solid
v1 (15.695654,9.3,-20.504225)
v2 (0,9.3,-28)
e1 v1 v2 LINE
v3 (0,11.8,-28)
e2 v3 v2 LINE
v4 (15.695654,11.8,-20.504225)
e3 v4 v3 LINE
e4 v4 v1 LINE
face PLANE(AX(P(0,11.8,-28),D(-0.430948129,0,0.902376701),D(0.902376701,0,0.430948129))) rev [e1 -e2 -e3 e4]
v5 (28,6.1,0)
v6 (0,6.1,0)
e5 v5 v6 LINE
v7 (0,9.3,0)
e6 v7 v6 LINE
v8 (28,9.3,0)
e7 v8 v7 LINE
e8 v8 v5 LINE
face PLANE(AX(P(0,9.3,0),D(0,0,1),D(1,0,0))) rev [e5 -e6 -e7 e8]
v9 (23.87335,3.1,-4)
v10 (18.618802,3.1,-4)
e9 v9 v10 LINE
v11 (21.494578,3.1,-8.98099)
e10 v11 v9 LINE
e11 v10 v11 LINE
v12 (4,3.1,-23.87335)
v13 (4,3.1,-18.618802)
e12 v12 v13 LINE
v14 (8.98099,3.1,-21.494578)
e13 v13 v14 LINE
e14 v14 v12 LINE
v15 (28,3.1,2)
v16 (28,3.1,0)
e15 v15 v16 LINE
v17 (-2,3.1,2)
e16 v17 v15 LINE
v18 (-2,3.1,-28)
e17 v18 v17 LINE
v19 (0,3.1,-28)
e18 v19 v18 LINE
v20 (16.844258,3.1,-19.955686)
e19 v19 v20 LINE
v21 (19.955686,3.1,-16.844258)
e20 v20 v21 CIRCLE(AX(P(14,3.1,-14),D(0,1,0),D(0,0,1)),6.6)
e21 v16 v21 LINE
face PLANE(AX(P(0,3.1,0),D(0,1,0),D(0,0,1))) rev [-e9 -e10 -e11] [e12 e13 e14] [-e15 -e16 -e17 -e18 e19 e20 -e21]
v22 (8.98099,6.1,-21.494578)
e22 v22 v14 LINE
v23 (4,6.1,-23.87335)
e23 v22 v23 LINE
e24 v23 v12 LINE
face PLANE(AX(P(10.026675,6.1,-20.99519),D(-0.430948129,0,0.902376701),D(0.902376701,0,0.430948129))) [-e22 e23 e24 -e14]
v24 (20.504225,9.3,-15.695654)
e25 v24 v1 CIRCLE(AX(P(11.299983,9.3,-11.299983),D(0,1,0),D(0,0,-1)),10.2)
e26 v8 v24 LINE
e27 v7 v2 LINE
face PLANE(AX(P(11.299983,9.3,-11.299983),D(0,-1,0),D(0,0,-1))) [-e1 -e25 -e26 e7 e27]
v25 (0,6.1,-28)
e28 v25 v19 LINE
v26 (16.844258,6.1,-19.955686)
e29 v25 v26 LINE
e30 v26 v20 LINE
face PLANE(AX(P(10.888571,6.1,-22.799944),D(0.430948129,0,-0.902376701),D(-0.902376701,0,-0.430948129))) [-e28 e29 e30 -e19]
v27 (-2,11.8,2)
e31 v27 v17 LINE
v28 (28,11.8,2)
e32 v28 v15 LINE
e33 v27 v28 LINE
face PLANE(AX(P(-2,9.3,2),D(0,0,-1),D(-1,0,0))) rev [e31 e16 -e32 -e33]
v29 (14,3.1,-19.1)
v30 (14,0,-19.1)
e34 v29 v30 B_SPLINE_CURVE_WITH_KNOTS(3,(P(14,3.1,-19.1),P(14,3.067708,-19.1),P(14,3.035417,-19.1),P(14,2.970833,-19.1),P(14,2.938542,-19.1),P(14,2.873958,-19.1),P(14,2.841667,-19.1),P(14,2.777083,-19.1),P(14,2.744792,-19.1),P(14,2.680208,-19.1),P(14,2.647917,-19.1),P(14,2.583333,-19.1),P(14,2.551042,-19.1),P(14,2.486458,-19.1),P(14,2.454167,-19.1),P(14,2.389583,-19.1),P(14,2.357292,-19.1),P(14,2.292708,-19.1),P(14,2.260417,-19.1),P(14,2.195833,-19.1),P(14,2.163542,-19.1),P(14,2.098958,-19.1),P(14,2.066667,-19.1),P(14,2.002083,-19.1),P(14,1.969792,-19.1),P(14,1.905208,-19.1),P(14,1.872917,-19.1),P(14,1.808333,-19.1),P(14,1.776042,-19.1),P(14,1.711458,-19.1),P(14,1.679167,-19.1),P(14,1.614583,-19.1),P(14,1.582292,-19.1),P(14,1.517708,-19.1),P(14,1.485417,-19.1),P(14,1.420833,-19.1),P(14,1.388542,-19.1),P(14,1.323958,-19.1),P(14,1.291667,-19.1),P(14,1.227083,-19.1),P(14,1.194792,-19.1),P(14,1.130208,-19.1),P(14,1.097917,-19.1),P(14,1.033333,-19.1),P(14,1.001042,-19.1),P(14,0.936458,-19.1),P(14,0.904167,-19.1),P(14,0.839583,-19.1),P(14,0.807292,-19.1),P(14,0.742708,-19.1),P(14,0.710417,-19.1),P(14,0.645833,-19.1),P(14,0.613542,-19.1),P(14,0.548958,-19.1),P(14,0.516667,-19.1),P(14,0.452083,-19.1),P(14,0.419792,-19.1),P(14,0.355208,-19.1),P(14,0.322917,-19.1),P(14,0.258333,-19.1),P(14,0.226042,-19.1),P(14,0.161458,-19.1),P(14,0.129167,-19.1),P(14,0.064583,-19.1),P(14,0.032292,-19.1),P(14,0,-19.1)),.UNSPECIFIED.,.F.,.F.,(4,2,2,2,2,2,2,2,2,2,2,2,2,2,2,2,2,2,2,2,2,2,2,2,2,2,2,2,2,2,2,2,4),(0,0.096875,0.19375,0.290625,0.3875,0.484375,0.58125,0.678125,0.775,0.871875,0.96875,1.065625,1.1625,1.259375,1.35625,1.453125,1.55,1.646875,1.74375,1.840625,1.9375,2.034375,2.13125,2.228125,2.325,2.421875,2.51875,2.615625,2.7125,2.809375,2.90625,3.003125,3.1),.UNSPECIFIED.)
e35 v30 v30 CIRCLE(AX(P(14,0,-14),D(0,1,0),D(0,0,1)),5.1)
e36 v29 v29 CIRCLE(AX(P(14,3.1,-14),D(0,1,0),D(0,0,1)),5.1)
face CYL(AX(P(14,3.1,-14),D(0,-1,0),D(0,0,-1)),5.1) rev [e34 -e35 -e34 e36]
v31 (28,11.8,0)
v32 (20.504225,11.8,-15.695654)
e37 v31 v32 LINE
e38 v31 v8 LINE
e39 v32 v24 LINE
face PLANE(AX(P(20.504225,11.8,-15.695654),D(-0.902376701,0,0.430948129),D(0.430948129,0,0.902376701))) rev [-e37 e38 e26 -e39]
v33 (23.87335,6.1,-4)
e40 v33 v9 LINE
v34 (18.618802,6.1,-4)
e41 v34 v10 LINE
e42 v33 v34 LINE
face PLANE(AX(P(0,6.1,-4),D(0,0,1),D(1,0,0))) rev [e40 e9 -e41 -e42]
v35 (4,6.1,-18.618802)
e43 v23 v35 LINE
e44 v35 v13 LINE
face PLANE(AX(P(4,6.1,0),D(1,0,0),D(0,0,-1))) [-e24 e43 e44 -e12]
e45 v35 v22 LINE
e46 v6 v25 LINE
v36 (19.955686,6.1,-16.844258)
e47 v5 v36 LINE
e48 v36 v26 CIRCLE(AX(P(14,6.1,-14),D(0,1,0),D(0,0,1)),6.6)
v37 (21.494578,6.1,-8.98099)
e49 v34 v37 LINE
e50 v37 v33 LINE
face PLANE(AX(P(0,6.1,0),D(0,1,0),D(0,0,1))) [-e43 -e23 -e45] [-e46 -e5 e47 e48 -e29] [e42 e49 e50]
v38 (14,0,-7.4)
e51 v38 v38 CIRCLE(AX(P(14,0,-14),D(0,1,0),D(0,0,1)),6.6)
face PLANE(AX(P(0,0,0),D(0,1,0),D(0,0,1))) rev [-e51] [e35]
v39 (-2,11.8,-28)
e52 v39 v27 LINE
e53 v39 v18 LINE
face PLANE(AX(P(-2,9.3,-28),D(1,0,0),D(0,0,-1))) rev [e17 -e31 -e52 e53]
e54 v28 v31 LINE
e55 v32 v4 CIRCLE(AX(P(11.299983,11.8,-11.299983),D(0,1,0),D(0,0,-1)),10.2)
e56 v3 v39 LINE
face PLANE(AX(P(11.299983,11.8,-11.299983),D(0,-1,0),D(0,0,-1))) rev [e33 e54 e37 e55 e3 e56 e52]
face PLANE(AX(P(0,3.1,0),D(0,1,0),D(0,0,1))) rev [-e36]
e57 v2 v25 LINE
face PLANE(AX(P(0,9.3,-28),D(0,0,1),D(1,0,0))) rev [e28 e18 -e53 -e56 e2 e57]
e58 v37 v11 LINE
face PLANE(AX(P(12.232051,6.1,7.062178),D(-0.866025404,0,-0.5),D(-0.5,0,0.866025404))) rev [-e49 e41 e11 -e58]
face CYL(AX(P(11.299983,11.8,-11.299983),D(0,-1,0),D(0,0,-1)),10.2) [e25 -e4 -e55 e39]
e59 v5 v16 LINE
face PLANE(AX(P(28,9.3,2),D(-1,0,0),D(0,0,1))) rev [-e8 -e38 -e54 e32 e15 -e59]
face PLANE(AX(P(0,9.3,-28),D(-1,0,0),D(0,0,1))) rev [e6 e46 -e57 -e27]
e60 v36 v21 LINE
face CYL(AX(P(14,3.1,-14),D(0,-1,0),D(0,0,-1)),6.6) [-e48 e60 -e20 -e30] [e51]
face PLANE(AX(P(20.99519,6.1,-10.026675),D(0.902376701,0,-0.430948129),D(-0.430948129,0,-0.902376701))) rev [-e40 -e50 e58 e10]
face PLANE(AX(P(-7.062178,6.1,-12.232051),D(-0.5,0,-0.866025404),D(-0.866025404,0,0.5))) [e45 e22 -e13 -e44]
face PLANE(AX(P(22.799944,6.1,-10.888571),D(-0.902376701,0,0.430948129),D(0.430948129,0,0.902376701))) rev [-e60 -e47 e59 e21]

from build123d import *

# Parameters (mm, degrees)
BOSS_EXTRUDE1_DEPTH      = 3.1
BOSS_EXTRUDE2_DEPTH      = 3
BOSS_EXTRUDE4_DEPTH      = 3.2
BOSS_EXTRUDE4_DEPTH_BACK = 3
BOSS_EXTRUDE5_DEPTH      = 2.5


with BuildPart() as part:
    # Sketch1 → Boss-Extrude1 (new body)
    with BuildSketch(Plane(origin=(0, 0, 0), x_dir=(1, 0, 0), z_dir=(0, 1, 0))):
        with BuildLine():
            ThreePointArc((20.6, 14), (16.525710654, 20.097604915), (9.333095244, 18.666904756))
            Line((9.333095244, 18.666904756), (10.393755416, 17.606244584))
            ThreePointArc((10.393755416, 17.606244584), (15.951685505, 18.711785616), (19.1, 14))
            ThreePointArc((19.1, 14), (18.711785616, 12.048314495), (17.606244584, 10.393755416))
            Line((17.606244584, 10.393755416), (18.666904756, 9.333095244))
            ThreePointArc((18.666904756, 9.333095244), (20.097604915, 11.474289346), (20.6, 14))
        make_face()
        with BuildLine():
            Line((10.393755416, 17.606244584), (9.333095244, 18.666904756))
            ThreePointArc((9.333095244, 18.666904756), (9.333095244, 9.333095244), (18.666904756, 9.333095244))
            Line((18.666904756, 9.333095244), (17.606244584, 10.393755416))
            ThreePointArc((17.606244584, 10.393755416), (10.393755416, 10.393755416), (10.393755416, 17.606244584))
        make_face()
    extrude(amount=BOSS_EXTRUDE1_DEPTH)

    # Sketch2 → Boss-Extrude2 (add)
    with BuildSketch(Plane(origin=(0, 3.1, 0), x_dir=(1, 0, 0), z_dir=(0, 1, 0))):
        with BuildLine():
            Line((16.844257653, 19.955686224), (0, 28))
            Line((0, 28), (4.242424242, 23.757575758))
            Line((4.242424242, 23.757575758), (8.980990355, 21.494578276))
            Line((8.980990355, 21.494578276), (7.411542732, 20.588457268))
            Line((7.411542732, 20.588457268), (9.333095244, 18.666904756))
            ThreePointArc((9.333095244, 18.666904756), (12.883868272, 20.504940428), (16.844257653, 19.955686224))
        make_face()
        with BuildLine():
            Line((0, 28), (0, 0))
            Line((0, 0), (9.333095244, 9.333095244))
            ThreePointArc((9.333095244, 9.333095244), (7.4, 14), (9.333095244, 18.666904756))
            Line((9.333095244, 18.666904756), (7.411542732, 20.588457268))
            Line((7.411542732, 20.588457268), (4, 18.618802154))
            Line((4, 18.618802154), (4, 23.873350327))
            Line((4, 23.873350327), (4.242424242, 23.757575758))
            Line((4.242424242, 23.757575758), (0, 28))
        make_face()
        with BuildLine():
            Line((9.333095244, 9.333095244), (0, 0))
            Line((0, 0), (28, 0))
            Line((28, 0), (23.757575758, 4.242424242))
            Line((23.757575758, 4.242424242), (23.873350327, 4))
            Line((23.873350327, 4), (18.618802154, 4))
            Line((18.618802154, 4), (20.588457268, 7.411542732))
            Line((20.588457268, 7.411542732), (18.666904756, 9.333095244))
            ThreePointArc((18.666904756, 9.333095244), (14, 7.4), (9.333095244, 9.333095244))
        make_face()
        with BuildLine():
            Line((23.757575758, 4.242424242), (28, 0))
            Line((28, 0), (19.955686224, 16.844257653))
            ThreePointArc((19.955686224, 16.844257653), (20.436906442, 15.458161671), (20.6, 14))
            ThreePointArc((20.6, 14), (20.097604915, 11.474289346), (18.666904756, 9.333095244))
            Line((18.666904756, 9.333095244), (20.588457268, 7.411542732))
            Line((20.588457268, 7.411542732), (21.494578276, 8.980990355))
            Line((21.494578276, 8.980990355), (23.757575758, 4.242424242))
        make_face()
        with BuildLine():
            ThreePointArc((9.333095244, 18.666904756), (7.4, 14), (9.333095244, 9.333095244))
            Line((9.333095244, 9.333095244), (10.393755416, 10.393755416))
            ThreePointArc((10.393755416, 10.393755416), (8.9, 14), (10.393755416, 17.606244584))
            Line((10.393755416, 17.606244584), (9.333095244, 18.666904756))
        make_face()
        with BuildLine():
            Line((10.393755416, 10.393755416), (9.333095244, 9.333095244))
            ThreePointArc((9.333095244, 9.333095244), (14, 7.4), (18.666904756, 9.333095244))
            Line((18.666904756, 9.333095244), (17.606244584, 10.393755416))
            ThreePointArc((17.606244584, 10.393755416), (14, 8.9), (10.393755416, 10.393755416))
        make_face()
        with BuildLine():
            ThreePointArc((18.666904756, 18.666904756), (17.810463174, 19.388911801), (16.844257653, 19.955686224))
            ThreePointArc((16.844257653, 19.955686224), (12.883868272, 20.504940428), (9.333095244, 18.666904756))
            Line((9.333095244, 18.666904756), (10.393755416, 17.606244584))
            ThreePointArc((10.393755416, 17.606244584), (14, 19.1), (17.606244584, 17.606244584))
            Line((17.606244584, 17.606244584), (18.666904756, 18.666904756))
        make_face()
        with BuildLine():
            ThreePointArc((20.6, 14), (20.436906442, 15.458161671), (19.955686224, 16.844257653))
            ThreePointArc((19.955686224, 16.844257653), (19.388911801, 17.810463174), (18.666904756, 18.666904756))
            Line((18.666904756, 18.666904756), (17.606244584, 17.606244584))
            ThreePointArc((17.606244584, 17.606244584), (18.711785616, 15.951685505), (19.1, 14))
            ThreePointArc((19.1, 14), (18.711785616, 12.048314495), (17.606244584, 10.393755416))
            Line((17.606244584, 10.393755416), (18.666904756, 9.333095244))
            ThreePointArc((18.666904756, 9.333095244), (20.097604915, 11.474289346), (20.6, 14))
        make_face()
        with BuildLine():
            ThreePointArc((10.393755416, 17.606244584), (8.9, 14), (10.393755416, 10.393755416))
            Line((10.393755416, 10.393755416), (14, 14))
            Line((14, 14), (10.393755416, 17.606244584))
        make_face()
        with BuildLine():
            Line((14, 14), (10.393755416, 10.393755416))
            ThreePointArc((10.393755416, 10.393755416), (14, 8.9), (17.606244584, 10.393755416))
            Line((17.606244584, 10.393755416), (14, 14))
        make_face()
        with BuildLine():
            Line((17.606244584, 17.606244584), (14, 14))
            Line((14, 14), (17.606244584, 10.393755416))
            ThreePointArc((17.606244584, 10.393755416), (18.711785616, 12.048314495), (19.1, 14))
            ThreePointArc((19.1, 14), (18.711785616, 15.951685505), (17.606244584, 17.606244584))
        make_face()
        with BuildLine():
            Line((10.393755416, 17.606244584), (14, 14))
            Line((14, 14), (17.606244584, 17.606244584))
            ThreePointArc((17.606244584, 17.606244584), (14, 19.1), (10.393755416, 17.606244584))
        make_face()
    extrude(amount=BOSS_EXTRUDE2_DEPTH)

    # Sketch4 → Boss-Extrude4 (add, two sides: drawn at the far end of the back side and taken through both)
    with BuildSketch(Plane(origin=(0, 6.1, 0), x_dir=(1, 0, 0), z_dir=(0, 1, 0)).offset(-BOSS_EXTRUDE4_DEPTH_BACK)):
        Polygon((0, 28), (-2, 28), (-2, -2), (28, -2), (28, 0), (0, 0), align=None)
    extrude(amount=BOSS_EXTRUDE4_DEPTH + BOSS_EXTRUDE4_DEPTH_BACK)

    # Sketch5 → Boss-Extrude5 (add)
    with BuildSketch(Plane(origin=(0, 9.3, 0), x_dir=(1, 0, 0), z_dir=(0, 1, 0))):
        with BuildLine():
            Line((-2, 28), (0, 28))
            Line((0, 28), (15.695653699, 20.504225127))
            ThreePointArc((15.695653699, 20.504225127), (18.512471949, 18.512471949), (20.504225127, 15.695653699))
            Line((20.504225127, 15.695653699), (28, 0))
            Line((28, 0), (28, -2))
            Line((28, -2), (-2, -2))
            Line((-2, -2), (-2, 28))
        make_face()
    extrude(amount=BOSS_EXTRUDE5_DEPTH)


solid = part.part
